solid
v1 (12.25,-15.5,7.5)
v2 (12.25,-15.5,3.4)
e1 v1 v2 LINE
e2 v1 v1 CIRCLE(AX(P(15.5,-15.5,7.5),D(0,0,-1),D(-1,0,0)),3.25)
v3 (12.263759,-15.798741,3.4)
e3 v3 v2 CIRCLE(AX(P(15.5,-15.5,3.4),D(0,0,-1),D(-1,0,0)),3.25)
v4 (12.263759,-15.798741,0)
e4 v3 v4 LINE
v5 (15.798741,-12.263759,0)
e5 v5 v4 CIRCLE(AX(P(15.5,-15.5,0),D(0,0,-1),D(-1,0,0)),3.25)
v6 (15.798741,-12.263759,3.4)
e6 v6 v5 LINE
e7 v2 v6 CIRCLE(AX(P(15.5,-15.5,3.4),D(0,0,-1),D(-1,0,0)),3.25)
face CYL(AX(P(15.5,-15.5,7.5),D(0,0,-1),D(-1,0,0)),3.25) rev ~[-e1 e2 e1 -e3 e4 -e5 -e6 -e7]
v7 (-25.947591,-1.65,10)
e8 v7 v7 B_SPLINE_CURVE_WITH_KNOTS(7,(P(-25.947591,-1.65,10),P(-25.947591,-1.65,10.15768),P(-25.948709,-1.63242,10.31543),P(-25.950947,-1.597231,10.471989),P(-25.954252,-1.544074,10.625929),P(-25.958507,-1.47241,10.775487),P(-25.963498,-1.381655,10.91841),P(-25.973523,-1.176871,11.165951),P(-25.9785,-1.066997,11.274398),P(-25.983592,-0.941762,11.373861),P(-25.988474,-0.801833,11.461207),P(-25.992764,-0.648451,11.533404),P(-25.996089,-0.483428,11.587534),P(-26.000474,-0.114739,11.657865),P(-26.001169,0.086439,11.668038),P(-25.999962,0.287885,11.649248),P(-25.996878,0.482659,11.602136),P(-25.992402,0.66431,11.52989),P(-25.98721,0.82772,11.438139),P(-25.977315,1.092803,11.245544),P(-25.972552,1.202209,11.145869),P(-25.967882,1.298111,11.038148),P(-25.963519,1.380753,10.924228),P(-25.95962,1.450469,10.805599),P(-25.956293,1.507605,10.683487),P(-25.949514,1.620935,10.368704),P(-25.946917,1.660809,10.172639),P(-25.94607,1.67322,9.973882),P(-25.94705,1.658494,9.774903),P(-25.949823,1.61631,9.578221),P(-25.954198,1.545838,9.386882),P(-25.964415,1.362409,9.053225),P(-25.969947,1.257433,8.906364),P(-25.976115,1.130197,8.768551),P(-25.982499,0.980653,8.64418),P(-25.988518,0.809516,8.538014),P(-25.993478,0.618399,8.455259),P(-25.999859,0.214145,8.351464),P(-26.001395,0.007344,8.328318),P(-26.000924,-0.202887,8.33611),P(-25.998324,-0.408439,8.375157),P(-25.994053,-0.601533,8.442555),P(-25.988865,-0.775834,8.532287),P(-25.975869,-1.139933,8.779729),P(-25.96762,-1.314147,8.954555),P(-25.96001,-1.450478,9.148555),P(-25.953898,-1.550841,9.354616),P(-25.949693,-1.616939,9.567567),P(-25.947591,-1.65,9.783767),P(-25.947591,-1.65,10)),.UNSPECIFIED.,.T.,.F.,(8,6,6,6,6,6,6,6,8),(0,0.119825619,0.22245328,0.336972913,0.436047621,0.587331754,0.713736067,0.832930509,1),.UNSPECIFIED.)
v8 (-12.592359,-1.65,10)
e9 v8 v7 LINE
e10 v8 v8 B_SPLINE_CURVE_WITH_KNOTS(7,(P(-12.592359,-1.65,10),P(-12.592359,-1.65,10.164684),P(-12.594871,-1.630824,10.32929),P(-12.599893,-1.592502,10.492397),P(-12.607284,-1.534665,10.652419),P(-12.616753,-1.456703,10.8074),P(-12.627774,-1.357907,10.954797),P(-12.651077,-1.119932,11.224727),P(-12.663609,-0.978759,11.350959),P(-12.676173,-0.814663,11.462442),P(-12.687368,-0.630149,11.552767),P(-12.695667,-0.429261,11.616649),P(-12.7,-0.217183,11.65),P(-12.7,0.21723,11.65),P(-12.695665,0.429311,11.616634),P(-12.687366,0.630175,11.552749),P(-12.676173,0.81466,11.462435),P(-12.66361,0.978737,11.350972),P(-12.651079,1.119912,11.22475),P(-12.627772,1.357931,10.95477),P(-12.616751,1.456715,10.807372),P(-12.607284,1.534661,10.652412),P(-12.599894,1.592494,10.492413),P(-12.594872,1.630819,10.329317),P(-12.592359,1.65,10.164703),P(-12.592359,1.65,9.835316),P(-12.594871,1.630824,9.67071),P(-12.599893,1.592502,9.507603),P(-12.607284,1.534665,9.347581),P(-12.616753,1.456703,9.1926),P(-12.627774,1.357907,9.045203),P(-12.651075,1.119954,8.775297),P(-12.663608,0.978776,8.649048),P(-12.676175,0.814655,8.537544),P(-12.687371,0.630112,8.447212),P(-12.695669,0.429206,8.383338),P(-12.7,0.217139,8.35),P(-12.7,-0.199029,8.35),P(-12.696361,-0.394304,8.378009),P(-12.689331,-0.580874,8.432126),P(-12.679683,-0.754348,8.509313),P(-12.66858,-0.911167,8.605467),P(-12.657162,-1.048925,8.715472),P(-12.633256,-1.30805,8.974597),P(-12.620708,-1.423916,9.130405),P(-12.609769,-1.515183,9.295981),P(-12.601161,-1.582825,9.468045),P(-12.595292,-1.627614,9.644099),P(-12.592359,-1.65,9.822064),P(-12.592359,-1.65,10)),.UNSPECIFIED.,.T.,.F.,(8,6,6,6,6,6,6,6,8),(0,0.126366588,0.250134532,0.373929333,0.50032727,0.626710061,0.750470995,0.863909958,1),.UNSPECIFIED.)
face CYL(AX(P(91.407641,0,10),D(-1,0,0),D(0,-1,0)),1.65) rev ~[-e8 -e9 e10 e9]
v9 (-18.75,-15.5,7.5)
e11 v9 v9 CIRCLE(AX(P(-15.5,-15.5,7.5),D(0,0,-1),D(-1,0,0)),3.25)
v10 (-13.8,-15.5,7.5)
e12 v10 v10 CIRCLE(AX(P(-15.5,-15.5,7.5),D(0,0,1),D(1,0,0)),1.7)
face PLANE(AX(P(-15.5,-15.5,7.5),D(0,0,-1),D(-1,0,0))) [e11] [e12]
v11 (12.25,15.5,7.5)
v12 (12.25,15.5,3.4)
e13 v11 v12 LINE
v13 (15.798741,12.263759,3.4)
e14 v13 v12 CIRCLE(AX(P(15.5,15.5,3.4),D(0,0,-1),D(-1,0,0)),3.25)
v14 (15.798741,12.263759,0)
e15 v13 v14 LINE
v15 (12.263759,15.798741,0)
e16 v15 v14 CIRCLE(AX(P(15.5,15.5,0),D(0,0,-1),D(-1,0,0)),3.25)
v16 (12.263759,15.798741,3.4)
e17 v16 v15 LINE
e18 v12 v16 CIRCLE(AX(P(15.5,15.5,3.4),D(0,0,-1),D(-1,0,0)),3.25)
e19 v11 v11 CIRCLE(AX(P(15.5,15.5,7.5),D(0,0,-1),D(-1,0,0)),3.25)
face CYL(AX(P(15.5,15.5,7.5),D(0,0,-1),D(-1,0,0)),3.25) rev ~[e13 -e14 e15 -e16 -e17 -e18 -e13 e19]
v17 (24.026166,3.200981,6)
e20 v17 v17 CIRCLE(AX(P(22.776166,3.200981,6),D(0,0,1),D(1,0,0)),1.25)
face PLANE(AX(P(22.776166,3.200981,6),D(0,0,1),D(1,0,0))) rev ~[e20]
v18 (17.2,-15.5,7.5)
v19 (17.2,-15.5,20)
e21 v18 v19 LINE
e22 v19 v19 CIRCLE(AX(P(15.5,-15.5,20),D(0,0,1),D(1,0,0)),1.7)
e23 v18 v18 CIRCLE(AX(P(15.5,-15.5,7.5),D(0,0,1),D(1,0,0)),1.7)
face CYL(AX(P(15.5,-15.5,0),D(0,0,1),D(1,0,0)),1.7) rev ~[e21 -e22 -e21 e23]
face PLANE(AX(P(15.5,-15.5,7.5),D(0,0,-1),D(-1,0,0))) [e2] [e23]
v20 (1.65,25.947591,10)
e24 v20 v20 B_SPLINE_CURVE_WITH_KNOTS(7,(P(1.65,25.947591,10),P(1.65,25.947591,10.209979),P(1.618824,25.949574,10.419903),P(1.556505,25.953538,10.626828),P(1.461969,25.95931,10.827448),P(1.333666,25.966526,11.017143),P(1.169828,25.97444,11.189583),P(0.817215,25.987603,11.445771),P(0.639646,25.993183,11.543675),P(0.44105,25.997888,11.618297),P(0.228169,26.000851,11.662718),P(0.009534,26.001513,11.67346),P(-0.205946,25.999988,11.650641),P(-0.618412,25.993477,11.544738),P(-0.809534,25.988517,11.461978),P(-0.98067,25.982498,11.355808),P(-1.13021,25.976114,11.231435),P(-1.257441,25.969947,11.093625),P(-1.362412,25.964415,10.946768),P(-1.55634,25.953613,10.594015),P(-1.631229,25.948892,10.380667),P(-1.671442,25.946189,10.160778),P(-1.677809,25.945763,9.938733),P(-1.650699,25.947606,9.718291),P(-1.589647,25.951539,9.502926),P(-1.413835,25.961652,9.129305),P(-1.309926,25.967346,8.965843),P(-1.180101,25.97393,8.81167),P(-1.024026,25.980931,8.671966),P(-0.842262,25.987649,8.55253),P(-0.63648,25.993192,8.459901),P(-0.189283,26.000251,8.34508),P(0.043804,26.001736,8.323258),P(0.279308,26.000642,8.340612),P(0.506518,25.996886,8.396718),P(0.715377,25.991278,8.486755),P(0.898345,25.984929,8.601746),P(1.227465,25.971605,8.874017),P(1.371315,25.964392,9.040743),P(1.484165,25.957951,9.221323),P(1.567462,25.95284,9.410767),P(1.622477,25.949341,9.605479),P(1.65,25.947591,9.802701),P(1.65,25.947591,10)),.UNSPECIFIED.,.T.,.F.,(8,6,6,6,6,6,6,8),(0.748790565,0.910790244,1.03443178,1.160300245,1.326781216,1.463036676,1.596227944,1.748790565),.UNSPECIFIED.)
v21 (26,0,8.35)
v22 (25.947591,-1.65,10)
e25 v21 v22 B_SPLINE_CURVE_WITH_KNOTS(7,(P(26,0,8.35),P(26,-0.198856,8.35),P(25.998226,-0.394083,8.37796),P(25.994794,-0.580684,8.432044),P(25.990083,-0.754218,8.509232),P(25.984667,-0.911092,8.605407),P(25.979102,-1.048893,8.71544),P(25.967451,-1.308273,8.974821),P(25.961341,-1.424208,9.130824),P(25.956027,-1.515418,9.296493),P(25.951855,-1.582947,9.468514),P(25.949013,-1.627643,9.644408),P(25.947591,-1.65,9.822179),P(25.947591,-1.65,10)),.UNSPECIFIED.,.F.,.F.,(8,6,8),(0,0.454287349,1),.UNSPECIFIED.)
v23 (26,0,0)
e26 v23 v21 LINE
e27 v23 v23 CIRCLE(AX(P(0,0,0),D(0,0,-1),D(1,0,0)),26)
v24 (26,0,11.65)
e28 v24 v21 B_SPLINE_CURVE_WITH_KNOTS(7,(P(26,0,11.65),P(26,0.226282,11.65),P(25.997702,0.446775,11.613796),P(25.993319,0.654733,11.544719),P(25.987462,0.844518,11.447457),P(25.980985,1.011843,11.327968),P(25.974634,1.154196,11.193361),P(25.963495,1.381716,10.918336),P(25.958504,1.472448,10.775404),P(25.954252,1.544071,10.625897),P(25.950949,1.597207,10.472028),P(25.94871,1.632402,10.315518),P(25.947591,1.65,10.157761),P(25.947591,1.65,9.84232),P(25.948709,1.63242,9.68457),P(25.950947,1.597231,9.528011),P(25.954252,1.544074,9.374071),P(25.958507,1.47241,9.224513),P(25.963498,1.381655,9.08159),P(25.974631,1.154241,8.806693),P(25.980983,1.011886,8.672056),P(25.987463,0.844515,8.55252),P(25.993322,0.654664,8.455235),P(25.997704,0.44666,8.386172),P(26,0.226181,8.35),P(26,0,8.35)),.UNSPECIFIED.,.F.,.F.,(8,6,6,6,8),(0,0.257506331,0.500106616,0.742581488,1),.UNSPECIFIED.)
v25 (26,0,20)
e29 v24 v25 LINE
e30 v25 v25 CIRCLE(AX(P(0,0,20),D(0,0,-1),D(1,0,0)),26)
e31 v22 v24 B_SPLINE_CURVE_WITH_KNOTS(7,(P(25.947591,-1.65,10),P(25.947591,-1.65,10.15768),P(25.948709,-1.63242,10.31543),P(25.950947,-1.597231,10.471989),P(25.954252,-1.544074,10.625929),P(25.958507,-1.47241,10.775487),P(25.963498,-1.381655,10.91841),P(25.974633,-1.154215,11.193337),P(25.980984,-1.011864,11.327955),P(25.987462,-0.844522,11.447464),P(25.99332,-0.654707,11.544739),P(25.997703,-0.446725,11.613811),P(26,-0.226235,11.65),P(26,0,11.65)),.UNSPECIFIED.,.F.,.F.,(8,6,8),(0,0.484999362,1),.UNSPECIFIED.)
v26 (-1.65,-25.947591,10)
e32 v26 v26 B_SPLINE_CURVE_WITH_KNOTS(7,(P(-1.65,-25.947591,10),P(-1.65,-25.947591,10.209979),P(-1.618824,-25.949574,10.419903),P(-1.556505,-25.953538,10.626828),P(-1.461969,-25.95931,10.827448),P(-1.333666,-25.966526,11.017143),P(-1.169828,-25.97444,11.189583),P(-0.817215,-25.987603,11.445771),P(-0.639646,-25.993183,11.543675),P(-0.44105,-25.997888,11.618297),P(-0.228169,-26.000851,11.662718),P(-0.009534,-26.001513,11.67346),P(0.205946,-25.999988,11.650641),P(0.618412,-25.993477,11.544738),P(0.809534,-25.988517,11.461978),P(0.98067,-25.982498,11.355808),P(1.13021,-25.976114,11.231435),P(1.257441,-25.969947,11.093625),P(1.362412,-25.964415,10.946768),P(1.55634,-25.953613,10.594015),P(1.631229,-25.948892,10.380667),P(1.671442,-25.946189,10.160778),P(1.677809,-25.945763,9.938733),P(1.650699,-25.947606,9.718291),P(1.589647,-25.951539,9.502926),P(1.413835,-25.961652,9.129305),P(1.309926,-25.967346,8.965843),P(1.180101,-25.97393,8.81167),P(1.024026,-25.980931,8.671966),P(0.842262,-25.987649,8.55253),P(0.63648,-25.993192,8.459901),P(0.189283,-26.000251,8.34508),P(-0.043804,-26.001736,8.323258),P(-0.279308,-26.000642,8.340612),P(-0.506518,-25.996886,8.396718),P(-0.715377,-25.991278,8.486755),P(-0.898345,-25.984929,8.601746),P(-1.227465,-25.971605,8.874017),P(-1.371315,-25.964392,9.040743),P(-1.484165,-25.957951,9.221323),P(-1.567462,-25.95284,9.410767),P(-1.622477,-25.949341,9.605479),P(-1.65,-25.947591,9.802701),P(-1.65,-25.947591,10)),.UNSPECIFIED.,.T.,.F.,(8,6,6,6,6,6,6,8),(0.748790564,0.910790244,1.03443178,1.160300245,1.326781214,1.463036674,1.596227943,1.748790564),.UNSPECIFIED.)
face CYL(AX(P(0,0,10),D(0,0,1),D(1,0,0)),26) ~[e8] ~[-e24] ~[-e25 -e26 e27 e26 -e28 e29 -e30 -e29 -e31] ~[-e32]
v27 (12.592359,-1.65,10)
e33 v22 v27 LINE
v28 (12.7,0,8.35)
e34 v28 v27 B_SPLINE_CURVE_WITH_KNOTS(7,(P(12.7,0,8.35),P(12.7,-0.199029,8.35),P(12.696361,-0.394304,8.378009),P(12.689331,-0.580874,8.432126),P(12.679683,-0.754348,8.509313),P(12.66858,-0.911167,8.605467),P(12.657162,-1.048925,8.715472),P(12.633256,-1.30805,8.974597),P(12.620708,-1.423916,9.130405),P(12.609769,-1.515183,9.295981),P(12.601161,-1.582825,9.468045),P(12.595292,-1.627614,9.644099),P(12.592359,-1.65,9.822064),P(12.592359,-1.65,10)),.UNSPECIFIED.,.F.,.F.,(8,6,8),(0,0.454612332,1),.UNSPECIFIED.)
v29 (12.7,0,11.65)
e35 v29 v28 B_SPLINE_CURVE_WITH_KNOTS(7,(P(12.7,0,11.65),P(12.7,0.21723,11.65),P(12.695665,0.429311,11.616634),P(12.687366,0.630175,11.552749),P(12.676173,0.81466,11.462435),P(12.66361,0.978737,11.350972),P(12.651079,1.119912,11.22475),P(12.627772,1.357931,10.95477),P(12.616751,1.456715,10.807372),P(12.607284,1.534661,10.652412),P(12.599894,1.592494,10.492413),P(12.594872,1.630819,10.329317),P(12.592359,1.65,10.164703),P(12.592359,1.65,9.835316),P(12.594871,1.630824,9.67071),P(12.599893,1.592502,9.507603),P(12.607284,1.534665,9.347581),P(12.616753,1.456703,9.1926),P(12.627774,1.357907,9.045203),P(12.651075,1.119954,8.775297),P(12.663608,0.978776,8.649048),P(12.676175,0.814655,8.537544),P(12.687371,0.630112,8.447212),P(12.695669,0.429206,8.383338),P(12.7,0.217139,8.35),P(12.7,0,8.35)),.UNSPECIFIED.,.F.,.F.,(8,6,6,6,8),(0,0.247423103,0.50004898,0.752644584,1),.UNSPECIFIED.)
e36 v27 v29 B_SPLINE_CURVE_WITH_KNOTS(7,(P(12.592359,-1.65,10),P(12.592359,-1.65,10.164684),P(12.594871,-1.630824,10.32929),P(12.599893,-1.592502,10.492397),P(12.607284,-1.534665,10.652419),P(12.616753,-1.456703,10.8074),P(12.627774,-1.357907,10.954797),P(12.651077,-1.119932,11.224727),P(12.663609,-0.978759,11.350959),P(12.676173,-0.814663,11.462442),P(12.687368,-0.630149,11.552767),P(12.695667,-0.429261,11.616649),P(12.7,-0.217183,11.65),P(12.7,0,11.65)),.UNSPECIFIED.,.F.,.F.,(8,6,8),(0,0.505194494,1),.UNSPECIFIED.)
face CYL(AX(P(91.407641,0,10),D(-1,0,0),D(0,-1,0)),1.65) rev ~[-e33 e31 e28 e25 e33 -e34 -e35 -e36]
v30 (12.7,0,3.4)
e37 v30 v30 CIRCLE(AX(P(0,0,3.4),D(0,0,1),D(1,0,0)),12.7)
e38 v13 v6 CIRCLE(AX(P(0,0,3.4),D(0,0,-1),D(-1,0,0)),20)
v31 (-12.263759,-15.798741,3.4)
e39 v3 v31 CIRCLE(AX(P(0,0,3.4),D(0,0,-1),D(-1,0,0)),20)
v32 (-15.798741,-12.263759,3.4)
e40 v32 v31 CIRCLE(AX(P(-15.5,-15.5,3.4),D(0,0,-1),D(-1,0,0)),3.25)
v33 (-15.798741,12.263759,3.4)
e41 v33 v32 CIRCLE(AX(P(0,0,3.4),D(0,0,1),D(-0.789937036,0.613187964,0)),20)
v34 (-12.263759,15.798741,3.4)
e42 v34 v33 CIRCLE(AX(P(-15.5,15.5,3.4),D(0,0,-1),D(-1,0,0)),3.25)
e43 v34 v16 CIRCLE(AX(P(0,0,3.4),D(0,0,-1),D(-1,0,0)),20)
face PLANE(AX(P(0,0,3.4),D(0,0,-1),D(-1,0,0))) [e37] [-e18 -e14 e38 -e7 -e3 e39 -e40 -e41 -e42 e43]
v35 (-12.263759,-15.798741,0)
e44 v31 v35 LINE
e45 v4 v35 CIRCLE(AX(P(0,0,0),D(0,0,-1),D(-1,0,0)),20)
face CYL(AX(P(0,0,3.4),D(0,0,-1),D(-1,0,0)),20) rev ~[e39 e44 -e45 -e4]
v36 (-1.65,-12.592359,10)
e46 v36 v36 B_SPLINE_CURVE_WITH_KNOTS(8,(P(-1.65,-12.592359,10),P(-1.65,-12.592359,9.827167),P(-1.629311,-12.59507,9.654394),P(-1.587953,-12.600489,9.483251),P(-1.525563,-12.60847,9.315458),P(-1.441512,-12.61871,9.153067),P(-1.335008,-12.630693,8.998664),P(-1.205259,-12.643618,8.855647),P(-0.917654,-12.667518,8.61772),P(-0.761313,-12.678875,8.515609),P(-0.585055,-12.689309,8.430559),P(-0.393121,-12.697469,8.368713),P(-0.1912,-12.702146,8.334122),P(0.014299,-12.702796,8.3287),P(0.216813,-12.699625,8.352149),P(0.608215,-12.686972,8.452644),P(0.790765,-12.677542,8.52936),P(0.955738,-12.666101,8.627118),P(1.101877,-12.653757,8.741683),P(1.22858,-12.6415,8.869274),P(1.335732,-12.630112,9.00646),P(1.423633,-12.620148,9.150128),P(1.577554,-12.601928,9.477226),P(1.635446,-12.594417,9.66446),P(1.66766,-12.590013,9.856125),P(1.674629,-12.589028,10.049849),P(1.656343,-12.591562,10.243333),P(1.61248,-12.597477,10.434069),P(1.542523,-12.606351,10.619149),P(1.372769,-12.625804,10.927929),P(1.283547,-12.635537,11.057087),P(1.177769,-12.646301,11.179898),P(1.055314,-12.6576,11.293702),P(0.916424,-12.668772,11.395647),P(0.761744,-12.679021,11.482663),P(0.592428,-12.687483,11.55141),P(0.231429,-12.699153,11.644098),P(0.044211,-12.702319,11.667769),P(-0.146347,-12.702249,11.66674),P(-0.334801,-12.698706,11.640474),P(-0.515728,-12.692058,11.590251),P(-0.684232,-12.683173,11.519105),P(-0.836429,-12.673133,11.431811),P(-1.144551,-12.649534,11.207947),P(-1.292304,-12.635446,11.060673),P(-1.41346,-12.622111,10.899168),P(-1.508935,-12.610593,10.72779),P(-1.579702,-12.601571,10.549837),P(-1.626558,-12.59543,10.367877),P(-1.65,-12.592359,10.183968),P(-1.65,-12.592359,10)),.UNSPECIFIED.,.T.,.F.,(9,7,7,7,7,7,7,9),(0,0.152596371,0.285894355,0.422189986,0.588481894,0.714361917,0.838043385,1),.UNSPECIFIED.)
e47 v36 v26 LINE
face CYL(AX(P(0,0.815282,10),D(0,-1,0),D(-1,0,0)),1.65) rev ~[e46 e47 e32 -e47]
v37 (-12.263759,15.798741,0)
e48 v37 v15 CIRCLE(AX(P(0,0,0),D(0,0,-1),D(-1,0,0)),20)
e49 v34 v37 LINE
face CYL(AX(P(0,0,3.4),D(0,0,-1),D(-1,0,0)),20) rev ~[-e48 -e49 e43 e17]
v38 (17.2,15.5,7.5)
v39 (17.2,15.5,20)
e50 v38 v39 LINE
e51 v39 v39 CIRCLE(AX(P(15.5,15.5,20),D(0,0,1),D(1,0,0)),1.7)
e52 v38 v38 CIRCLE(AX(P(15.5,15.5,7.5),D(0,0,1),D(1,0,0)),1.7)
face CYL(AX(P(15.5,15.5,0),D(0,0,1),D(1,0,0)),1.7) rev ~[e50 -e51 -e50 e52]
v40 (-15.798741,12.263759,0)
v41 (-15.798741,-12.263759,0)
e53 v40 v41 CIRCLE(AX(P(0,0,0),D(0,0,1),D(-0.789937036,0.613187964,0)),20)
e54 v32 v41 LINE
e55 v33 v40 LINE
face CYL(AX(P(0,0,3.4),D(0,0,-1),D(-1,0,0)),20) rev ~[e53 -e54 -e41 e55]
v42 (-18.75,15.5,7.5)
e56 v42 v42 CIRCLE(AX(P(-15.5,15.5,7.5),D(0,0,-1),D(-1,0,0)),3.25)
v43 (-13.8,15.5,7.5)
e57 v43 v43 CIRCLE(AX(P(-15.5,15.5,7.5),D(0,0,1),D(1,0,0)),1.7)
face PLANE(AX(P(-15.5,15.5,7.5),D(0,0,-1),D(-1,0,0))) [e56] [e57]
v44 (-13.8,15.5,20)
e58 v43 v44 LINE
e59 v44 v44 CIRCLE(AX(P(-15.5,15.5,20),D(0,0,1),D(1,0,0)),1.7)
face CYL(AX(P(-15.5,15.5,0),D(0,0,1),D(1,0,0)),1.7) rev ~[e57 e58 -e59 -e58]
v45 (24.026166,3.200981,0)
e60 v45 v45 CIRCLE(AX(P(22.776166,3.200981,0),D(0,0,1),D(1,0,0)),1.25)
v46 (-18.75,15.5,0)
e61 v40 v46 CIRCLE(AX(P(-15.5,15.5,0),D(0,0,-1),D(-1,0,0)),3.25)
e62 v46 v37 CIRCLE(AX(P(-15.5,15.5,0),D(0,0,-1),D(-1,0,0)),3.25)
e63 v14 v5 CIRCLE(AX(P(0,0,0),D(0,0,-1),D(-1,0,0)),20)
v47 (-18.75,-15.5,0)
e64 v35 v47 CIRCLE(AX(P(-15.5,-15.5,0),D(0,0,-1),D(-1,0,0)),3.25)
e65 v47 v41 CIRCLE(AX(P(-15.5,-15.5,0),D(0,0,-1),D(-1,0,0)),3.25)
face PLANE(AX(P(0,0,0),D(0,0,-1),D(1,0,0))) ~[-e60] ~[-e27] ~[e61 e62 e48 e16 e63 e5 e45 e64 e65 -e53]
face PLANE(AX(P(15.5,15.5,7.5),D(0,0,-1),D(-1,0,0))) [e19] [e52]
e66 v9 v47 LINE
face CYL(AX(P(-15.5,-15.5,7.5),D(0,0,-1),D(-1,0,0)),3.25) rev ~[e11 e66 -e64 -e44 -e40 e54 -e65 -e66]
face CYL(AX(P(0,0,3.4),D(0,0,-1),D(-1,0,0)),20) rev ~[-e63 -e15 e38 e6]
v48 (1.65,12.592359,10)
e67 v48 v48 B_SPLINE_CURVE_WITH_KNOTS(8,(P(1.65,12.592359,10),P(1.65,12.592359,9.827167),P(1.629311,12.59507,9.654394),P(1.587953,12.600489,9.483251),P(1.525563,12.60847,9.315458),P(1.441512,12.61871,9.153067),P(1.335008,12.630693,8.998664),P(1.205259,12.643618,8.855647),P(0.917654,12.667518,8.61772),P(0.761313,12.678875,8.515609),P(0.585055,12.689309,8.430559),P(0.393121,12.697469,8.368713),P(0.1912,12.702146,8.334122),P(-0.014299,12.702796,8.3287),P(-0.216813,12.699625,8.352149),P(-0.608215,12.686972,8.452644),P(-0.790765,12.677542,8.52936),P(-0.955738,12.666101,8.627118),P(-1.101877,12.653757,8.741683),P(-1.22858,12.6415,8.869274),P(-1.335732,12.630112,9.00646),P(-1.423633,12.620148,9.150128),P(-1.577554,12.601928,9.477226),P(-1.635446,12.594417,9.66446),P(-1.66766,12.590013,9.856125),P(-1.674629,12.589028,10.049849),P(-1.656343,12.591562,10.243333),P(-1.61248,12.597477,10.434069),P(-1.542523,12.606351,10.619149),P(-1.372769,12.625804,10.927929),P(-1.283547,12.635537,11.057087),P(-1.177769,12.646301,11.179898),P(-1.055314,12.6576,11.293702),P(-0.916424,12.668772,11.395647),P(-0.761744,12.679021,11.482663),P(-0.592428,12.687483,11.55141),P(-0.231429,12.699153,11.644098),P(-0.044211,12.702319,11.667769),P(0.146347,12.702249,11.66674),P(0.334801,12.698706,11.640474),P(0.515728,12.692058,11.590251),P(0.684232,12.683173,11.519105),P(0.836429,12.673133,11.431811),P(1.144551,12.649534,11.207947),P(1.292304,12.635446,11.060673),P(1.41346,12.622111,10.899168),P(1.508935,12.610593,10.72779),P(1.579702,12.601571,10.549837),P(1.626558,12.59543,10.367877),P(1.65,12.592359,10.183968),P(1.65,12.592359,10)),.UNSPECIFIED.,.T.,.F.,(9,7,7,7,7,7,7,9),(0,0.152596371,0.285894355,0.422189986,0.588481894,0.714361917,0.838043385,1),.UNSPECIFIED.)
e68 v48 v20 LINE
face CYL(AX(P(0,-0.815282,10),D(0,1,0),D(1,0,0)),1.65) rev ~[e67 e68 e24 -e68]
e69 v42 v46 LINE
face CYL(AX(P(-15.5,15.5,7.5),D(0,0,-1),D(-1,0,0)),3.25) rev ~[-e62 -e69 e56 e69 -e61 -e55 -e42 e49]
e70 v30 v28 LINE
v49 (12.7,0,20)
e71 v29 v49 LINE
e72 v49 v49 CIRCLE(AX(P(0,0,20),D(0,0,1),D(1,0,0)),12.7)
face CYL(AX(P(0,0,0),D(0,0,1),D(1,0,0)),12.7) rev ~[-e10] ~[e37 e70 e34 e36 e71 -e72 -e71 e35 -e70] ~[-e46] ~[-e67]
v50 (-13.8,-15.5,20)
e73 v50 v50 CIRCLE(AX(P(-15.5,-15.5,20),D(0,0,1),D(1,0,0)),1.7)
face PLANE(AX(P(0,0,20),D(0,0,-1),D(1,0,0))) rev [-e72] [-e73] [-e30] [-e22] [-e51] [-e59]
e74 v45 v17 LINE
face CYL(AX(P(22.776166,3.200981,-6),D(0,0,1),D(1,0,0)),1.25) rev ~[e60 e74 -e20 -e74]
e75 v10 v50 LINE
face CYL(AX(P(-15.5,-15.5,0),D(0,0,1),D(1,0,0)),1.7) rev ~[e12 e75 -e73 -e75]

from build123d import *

# Parameters (mm, degrees)
SKETCH1_W                                           = 26
SKETCH1_H                                           = 20
F_2_CLEARANCE_HOLE1_D                               = 2.5
F_2_CLEARANCE_HOLE1_DEPTH                           = 6
HOLE1_D                                             = 25.4
HOLE1_DEPTH                                         = 20
HOLE1_CBORE_D                                       = 40
HOLE1_CBORE_DEPTH                                   = 3.4
F_4_CLEARANCE_HOLE1_D                               = 3.3
F_4_CLEARANCE_HOLE1_DEPTH                           = 65.407641206
F_4_CLEARANCE_HOLE2_D                               = 3.3
F_4_CLEARANCE_HOLE2_DEPTH                           = 13.407641206
F_4_CLEARANCE_HOLE3_D                               = 3.3
F_4_CLEARANCE_HOLE3_DEPTH                           = 13.407641206
CBORE_FOR_4_BINDING_HEAD_MACHINE_SCREW1_D           = 3.4
CBORE_FOR_4_BINDING_HEAD_MACHINE_SCREW1_DEPTH       = 20
CBORE_FOR_4_BINDING_HEAD_MACHINE_SCREW1_CBORE_D     = 6.5
CBORE_FOR_4_BINDING_HEAD_MACHINE_SCREW1_CBORE_DEPTH = 7.5


with BuildPart() as part:
    # Sketch1 → Revolve1 (revolve)
    with BuildSketch(Plane.XZ):
        with Locations((13, 10)):
            Rectangle(SKETCH1_W, SKETCH1_H)
    revolve(axis=Axis((0, 0, 20), (0, 0, -1)))

    # #2 Clearance Hole1
    with Locations(Plane(origin=(0, 0, 0), x_dir=(-1, 0, 0), z_dir=(0, 0, -1))):
        with Locations((-22.776165581, 3.200981322)):
            Hole(F_2_CLEARANCE_HOLE1_D / 2, depth=F_2_CLEARANCE_HOLE1_DEPTH)

    # Hole1
    with Locations(Plane(origin=(0, 0, 0), x_dir=(-1, 0, 0), z_dir=(0, 0, -1))):
        with Locations((0, 0)):
            CounterBoreHole(HOLE1_D / 2, HOLE1_CBORE_D / 2, HOLE1_CBORE_DEPTH, depth=HOLE1_DEPTH)

    # #4 Clearance Hole1
    with Locations(Plane(origin=(26, 0, 10), x_dir=(0, 1, 0), z_dir=(1, 0, 0))):
        with Locations((0, 0)):
            Hole(F_4_CLEARANCE_HOLE1_D / 2, depth=F_4_CLEARANCE_HOLE1_DEPTH)

    # #4 Clearance Hole2
    with Locations(Plane(origin=(0, 12.592358794, 0), x_dir=(-1, 0, 0), z_dir=(0, -1, 0))):
        with Locations((0, -10)):
            Hole(F_4_CLEARANCE_HOLE2_D / 2, depth=F_4_CLEARANCE_HOLE2_DEPTH)

    # #4 Clearance Hole3
    with Locations(Plane(origin=(0, -12.592358794, 0), x_dir=(1, 0, 0), z_dir=(0, 1, 0))):
        with Locations((0, -10)):
            Hole(F_4_CLEARANCE_HOLE3_D / 2, depth=F_4_CLEARANCE_HOLE3_DEPTH)

    # CBORE for #4 Binding Head Machine Screw1
    with Locations(Plane(origin=(0, 0, 0), x_dir=(-1, 0, 0), z_dir=(0, 0, -1))):
        with Locations((-15.5, -15.5), (15.5, -15.5), (15.5, 15.5), (-15.5, 15.5)):
            CounterBoreHole(CBORE_FOR_4_BINDING_HEAD_MACHINE_SCREW1_D / 2, CBORE_FOR_4_BINDING_HEAD_MACHINE_SCREW1_CBORE_D / 2, CBORE_FOR_4_BINDING_HEAD_MACHINE_SCREW1_CBORE_DEPTH, depth=CBORE_FOR_4_BINDING_HEAD_MACHINE_SCREW1_DEPTH)


solid = part.part
